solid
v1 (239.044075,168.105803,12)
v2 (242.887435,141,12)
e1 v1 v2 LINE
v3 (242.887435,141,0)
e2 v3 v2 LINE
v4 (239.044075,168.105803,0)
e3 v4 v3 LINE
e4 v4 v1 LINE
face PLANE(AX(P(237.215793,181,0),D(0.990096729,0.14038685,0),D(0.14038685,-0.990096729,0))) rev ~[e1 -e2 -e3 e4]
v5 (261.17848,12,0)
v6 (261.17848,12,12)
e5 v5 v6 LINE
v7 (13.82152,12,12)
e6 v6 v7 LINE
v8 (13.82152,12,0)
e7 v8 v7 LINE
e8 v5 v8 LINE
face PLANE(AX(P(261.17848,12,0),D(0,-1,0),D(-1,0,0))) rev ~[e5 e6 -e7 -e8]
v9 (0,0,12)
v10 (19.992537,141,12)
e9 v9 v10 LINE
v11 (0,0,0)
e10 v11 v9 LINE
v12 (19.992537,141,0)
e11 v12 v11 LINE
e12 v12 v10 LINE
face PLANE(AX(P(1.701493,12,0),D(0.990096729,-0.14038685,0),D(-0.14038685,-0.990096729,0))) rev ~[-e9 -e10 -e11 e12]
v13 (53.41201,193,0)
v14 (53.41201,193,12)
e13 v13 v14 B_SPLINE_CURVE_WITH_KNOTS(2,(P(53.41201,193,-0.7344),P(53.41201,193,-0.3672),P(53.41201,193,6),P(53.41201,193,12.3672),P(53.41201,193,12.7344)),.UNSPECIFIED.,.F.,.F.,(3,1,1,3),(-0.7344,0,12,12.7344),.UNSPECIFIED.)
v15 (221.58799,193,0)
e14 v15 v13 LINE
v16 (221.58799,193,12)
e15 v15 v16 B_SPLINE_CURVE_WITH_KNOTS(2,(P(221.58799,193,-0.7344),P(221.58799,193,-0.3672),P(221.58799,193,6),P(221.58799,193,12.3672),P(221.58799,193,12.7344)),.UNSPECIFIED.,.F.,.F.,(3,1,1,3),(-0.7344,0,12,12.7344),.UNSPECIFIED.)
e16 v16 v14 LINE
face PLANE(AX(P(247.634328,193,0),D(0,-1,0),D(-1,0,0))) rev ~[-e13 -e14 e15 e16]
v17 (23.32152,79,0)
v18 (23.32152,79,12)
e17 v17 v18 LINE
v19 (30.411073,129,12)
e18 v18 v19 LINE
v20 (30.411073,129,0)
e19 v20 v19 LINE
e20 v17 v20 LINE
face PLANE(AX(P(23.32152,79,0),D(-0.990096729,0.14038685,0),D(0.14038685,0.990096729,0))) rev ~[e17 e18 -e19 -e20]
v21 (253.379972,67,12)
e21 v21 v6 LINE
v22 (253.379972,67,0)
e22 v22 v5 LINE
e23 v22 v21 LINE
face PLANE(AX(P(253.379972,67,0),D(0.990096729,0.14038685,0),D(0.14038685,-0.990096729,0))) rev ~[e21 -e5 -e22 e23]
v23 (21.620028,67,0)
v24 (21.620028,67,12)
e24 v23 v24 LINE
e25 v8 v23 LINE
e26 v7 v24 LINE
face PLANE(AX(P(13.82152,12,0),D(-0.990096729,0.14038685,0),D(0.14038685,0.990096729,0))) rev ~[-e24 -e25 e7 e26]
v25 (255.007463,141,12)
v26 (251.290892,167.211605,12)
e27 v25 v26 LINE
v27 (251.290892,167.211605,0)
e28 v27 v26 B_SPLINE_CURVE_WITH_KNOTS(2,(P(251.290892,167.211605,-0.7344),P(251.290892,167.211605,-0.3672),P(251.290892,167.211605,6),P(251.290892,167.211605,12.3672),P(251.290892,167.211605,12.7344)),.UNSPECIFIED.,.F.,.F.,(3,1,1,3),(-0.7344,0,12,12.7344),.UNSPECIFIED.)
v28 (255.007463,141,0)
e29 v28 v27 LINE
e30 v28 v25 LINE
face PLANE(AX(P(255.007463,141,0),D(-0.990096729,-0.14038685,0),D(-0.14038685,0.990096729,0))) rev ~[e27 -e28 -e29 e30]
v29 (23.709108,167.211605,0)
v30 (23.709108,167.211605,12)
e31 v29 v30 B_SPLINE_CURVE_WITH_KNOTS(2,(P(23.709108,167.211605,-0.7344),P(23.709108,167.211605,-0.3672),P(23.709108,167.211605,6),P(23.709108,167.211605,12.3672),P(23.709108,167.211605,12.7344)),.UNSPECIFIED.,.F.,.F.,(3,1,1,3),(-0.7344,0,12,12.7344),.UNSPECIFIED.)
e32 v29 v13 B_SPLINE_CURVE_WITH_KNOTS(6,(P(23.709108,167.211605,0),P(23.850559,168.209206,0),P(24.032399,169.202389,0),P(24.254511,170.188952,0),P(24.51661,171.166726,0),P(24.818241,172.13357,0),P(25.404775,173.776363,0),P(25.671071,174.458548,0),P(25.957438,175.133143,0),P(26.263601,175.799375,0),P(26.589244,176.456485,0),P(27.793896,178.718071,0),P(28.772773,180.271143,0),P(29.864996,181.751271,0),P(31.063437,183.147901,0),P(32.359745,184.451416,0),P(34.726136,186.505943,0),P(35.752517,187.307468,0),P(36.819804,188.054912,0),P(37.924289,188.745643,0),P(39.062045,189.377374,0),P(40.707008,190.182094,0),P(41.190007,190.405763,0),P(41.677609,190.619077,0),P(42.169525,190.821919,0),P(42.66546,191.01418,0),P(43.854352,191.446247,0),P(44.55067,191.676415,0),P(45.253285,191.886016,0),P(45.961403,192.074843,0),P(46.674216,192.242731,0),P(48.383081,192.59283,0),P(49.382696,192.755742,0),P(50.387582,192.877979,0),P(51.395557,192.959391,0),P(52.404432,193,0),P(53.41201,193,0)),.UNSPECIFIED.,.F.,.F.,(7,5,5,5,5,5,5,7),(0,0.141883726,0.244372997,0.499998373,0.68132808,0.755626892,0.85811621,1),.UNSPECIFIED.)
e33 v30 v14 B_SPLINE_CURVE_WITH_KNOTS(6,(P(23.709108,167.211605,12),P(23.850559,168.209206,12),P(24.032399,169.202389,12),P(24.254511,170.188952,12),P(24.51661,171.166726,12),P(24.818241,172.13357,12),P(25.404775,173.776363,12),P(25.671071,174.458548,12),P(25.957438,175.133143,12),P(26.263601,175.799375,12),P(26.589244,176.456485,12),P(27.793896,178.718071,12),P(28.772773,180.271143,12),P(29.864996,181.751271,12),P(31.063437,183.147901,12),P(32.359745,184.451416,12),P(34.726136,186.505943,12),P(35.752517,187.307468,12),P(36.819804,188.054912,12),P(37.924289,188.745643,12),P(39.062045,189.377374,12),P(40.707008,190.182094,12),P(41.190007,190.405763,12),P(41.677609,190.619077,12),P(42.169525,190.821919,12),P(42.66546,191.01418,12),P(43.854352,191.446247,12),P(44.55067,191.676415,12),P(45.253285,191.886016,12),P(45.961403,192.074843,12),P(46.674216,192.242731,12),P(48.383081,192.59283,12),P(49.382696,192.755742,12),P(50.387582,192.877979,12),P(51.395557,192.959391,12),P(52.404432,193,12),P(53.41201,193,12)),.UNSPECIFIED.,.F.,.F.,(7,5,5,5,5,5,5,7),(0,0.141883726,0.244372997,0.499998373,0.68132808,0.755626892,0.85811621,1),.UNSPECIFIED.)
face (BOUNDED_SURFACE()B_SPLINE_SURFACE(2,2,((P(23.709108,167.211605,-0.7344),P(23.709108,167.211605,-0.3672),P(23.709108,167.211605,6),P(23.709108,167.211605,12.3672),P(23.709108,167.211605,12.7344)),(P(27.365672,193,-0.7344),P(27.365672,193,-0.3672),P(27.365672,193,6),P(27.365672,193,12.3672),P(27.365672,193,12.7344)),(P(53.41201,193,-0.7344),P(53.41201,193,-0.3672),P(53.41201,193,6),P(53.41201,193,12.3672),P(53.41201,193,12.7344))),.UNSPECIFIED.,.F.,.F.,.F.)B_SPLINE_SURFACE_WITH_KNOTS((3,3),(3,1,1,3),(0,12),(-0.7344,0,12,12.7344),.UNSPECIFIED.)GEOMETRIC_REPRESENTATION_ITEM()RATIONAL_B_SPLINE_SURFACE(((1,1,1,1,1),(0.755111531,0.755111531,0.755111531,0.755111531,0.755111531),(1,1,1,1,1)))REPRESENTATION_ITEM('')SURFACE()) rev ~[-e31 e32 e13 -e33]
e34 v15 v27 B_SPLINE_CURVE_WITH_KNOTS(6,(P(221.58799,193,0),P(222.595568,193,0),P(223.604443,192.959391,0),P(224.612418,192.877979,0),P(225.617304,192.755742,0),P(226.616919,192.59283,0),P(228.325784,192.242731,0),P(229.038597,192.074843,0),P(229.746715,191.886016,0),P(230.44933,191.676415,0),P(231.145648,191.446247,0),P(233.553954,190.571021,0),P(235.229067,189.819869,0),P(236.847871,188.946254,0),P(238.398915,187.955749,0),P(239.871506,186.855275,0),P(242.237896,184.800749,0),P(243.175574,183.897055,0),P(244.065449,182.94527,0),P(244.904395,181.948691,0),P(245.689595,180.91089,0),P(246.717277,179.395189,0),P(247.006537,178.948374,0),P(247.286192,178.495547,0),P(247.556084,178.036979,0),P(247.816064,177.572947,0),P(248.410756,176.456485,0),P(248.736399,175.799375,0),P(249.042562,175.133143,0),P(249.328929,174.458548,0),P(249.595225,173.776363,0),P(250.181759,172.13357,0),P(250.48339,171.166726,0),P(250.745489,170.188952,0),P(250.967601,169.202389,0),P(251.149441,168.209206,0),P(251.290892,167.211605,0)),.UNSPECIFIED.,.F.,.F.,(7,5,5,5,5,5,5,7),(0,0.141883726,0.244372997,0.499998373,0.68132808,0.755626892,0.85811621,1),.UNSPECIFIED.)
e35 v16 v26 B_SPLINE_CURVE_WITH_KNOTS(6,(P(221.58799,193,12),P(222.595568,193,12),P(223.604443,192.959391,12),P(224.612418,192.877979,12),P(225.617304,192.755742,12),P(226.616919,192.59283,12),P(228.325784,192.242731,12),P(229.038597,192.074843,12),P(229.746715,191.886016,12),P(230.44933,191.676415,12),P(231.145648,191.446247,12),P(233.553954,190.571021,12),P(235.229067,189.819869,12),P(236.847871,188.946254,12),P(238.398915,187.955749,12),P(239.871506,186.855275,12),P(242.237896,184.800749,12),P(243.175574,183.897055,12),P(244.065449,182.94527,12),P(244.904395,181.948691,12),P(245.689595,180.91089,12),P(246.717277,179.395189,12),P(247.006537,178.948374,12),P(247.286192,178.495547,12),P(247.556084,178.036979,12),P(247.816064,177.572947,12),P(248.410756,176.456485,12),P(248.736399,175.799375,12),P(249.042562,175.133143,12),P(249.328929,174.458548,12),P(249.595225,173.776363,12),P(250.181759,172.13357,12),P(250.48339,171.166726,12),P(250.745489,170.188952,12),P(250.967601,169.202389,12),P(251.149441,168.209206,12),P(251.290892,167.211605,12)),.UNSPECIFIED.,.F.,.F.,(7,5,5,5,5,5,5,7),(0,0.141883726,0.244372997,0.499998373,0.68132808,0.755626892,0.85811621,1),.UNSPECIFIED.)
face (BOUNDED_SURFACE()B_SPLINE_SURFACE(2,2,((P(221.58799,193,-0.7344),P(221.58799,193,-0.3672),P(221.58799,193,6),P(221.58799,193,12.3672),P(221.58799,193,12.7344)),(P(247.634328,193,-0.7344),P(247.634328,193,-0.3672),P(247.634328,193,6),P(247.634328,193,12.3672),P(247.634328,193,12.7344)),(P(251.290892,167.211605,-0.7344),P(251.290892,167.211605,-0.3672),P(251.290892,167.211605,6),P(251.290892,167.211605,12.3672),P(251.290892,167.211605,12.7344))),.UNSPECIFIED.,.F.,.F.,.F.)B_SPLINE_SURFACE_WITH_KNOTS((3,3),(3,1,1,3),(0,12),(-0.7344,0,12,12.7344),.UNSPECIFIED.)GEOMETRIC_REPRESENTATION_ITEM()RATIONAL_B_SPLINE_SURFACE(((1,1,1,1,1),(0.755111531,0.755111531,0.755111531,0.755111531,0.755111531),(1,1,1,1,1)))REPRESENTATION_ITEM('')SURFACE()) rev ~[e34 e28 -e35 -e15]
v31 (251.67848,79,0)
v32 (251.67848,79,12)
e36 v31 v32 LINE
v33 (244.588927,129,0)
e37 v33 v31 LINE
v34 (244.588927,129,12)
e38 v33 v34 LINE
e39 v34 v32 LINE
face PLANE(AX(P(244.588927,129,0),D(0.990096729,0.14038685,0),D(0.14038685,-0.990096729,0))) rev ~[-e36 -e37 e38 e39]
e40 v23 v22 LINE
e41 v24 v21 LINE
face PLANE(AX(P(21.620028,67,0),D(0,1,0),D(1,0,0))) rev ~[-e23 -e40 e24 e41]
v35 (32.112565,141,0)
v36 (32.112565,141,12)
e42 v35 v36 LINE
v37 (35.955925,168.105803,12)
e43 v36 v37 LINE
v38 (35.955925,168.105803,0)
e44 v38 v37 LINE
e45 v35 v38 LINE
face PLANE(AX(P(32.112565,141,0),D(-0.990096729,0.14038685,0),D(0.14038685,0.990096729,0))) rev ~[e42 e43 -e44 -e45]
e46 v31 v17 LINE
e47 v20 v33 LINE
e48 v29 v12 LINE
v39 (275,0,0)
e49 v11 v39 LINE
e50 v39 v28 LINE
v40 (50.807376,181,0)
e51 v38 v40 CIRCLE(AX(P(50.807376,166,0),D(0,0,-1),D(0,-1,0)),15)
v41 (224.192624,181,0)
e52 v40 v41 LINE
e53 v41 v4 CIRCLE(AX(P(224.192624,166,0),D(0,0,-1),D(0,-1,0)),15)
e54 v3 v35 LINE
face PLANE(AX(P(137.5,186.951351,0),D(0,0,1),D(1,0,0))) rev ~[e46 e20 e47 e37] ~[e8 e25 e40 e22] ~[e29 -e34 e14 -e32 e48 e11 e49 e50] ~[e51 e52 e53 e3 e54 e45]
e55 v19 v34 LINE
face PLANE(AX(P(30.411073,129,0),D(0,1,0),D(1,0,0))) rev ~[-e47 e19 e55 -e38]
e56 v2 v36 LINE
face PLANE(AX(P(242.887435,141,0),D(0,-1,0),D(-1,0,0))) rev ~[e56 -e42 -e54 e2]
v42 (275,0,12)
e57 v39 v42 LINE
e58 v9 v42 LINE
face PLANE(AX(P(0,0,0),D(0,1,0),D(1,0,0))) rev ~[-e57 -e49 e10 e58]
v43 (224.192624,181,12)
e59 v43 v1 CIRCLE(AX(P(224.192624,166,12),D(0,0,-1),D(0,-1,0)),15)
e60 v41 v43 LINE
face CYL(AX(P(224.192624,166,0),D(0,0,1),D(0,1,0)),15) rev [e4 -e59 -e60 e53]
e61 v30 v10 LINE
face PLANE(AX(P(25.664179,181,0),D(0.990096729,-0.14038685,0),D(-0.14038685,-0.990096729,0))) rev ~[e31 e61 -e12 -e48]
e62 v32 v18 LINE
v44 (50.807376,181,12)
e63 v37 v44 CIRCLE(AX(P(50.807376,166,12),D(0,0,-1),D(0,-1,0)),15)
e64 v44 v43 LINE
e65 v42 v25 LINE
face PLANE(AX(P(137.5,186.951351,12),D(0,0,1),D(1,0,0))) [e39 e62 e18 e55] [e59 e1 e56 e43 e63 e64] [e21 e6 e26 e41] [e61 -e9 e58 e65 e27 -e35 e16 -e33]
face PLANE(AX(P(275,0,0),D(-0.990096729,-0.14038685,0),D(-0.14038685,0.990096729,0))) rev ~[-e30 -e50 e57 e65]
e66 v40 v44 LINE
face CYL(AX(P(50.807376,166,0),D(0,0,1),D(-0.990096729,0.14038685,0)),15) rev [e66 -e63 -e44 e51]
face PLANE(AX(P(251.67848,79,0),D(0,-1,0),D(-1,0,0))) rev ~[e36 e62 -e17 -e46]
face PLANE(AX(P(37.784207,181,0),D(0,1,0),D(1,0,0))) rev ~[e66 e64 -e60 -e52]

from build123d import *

# Parameters (mm, degrees)
F1_DEPTH = 12
F2_R     = 30
F3_R     = 15


with BuildPart() as f1:
    # F0 (on Top) → F1 (new body)
    with BuildSketch(Plane.XY):
        Polygon((39.4856995648, 193), (37.7842070275, 181), (137.5, 181), (237.2157929725, 181), (235.5143004352, 193), (137.5, 193), align=None)
        Polygon((27.3656716418, 193), (25.6641791045, 181), (37.7842070275, 181), (39.4856995648, 193), align=None)
        Polygon((25.6641791045, 181), (19.9925373134, 141), (32.1125652364, 141), (37.7842070275, 181), align=None)
        Polygon((19.9925373134, 141), (18.2910447761, 129), (30.4110726991, 129), (32.1125652364, 141), align=None)
        Polygon((237.2157929725, 181), (242.8874347636, 141), (255.0074626866, 141), (249.3358208955, 181), align=None)
        Polygon((235.5143004352, 193), (237.2157929725, 181), (249.3358208955, 181), (247.6343283582, 193), align=None)
        Polygon((242.8874347636, 141), (244.5889273009, 129), (256.7089552239, 129), (255.0074626866, 141), align=None)
        Polygon((244.5889273009, 129), (251.6784795397, 79), (263.7985074627, 79), (256.7089552239, 129), align=None)
        Polygon((251.6784795397, 79), (253.379972077, 67), (265.5, 67), (263.7985074627, 79), align=None)
        Polygon((23.3215204603, 79), (21.620027923, 67), (137.5, 67), (253.379972077, 67), (251.6784795397, 79), (137.5, 79), align=None)
        Polygon((253.379972077, 67), (261.1784795397, 12), (273.2985074627, 12), (265.5, 67), align=None)
        Polygon((261.1784795397, 12), (262.879972077, 0), (275, 0), (273.2985074627, 12), align=None)
        Polygon((13.8215204603, 12), (12.120027923, 0), (262.879972077, 0), (261.1784795397, 12), (137.5, 12), align=None)
        Polygon((1.7014925373, 12), (0, 0), (12.120027923, 0), (13.8215204603, 12), align=None)
        Polygon((9.5, 67), (1.7014925373, 12), (13.8215204603, 12), (21.620027923, 67), align=None)
        Polygon((11.2014925373, 79), (9.5, 67), (21.620027923, 67), (23.3215204603, 79), align=None)
        Polygon((18.2910447761, 129), (11.2014925373, 79), (23.3215204603, 79), (30.4110726991, 129), align=None)
        Polygon((32.1125652364, 141), (30.4110726991, 129), (137.5, 129), (244.5889273009, 129), (242.8874347636, 141), (137.5, 141), align=None)
    extrude(amount=F1_DEPTH)

    # F2
    f2_edges = [f1.edges().sort_by_distance(p)[0] for p in [
        (27.365672, 193, 6),
        (247.634328, 193, 6),
    ]]
    fillet(f2_edges, radius=F2_R)

    # F3
    f3_edges = [f1.edges().sort_by_distance(p)[0] for p in [
        (37.784207, 181, 6),
        (237.215793, 181, 6),
    ]]
    fillet(f3_edges, radius=F3_R)


solid = f1.part
